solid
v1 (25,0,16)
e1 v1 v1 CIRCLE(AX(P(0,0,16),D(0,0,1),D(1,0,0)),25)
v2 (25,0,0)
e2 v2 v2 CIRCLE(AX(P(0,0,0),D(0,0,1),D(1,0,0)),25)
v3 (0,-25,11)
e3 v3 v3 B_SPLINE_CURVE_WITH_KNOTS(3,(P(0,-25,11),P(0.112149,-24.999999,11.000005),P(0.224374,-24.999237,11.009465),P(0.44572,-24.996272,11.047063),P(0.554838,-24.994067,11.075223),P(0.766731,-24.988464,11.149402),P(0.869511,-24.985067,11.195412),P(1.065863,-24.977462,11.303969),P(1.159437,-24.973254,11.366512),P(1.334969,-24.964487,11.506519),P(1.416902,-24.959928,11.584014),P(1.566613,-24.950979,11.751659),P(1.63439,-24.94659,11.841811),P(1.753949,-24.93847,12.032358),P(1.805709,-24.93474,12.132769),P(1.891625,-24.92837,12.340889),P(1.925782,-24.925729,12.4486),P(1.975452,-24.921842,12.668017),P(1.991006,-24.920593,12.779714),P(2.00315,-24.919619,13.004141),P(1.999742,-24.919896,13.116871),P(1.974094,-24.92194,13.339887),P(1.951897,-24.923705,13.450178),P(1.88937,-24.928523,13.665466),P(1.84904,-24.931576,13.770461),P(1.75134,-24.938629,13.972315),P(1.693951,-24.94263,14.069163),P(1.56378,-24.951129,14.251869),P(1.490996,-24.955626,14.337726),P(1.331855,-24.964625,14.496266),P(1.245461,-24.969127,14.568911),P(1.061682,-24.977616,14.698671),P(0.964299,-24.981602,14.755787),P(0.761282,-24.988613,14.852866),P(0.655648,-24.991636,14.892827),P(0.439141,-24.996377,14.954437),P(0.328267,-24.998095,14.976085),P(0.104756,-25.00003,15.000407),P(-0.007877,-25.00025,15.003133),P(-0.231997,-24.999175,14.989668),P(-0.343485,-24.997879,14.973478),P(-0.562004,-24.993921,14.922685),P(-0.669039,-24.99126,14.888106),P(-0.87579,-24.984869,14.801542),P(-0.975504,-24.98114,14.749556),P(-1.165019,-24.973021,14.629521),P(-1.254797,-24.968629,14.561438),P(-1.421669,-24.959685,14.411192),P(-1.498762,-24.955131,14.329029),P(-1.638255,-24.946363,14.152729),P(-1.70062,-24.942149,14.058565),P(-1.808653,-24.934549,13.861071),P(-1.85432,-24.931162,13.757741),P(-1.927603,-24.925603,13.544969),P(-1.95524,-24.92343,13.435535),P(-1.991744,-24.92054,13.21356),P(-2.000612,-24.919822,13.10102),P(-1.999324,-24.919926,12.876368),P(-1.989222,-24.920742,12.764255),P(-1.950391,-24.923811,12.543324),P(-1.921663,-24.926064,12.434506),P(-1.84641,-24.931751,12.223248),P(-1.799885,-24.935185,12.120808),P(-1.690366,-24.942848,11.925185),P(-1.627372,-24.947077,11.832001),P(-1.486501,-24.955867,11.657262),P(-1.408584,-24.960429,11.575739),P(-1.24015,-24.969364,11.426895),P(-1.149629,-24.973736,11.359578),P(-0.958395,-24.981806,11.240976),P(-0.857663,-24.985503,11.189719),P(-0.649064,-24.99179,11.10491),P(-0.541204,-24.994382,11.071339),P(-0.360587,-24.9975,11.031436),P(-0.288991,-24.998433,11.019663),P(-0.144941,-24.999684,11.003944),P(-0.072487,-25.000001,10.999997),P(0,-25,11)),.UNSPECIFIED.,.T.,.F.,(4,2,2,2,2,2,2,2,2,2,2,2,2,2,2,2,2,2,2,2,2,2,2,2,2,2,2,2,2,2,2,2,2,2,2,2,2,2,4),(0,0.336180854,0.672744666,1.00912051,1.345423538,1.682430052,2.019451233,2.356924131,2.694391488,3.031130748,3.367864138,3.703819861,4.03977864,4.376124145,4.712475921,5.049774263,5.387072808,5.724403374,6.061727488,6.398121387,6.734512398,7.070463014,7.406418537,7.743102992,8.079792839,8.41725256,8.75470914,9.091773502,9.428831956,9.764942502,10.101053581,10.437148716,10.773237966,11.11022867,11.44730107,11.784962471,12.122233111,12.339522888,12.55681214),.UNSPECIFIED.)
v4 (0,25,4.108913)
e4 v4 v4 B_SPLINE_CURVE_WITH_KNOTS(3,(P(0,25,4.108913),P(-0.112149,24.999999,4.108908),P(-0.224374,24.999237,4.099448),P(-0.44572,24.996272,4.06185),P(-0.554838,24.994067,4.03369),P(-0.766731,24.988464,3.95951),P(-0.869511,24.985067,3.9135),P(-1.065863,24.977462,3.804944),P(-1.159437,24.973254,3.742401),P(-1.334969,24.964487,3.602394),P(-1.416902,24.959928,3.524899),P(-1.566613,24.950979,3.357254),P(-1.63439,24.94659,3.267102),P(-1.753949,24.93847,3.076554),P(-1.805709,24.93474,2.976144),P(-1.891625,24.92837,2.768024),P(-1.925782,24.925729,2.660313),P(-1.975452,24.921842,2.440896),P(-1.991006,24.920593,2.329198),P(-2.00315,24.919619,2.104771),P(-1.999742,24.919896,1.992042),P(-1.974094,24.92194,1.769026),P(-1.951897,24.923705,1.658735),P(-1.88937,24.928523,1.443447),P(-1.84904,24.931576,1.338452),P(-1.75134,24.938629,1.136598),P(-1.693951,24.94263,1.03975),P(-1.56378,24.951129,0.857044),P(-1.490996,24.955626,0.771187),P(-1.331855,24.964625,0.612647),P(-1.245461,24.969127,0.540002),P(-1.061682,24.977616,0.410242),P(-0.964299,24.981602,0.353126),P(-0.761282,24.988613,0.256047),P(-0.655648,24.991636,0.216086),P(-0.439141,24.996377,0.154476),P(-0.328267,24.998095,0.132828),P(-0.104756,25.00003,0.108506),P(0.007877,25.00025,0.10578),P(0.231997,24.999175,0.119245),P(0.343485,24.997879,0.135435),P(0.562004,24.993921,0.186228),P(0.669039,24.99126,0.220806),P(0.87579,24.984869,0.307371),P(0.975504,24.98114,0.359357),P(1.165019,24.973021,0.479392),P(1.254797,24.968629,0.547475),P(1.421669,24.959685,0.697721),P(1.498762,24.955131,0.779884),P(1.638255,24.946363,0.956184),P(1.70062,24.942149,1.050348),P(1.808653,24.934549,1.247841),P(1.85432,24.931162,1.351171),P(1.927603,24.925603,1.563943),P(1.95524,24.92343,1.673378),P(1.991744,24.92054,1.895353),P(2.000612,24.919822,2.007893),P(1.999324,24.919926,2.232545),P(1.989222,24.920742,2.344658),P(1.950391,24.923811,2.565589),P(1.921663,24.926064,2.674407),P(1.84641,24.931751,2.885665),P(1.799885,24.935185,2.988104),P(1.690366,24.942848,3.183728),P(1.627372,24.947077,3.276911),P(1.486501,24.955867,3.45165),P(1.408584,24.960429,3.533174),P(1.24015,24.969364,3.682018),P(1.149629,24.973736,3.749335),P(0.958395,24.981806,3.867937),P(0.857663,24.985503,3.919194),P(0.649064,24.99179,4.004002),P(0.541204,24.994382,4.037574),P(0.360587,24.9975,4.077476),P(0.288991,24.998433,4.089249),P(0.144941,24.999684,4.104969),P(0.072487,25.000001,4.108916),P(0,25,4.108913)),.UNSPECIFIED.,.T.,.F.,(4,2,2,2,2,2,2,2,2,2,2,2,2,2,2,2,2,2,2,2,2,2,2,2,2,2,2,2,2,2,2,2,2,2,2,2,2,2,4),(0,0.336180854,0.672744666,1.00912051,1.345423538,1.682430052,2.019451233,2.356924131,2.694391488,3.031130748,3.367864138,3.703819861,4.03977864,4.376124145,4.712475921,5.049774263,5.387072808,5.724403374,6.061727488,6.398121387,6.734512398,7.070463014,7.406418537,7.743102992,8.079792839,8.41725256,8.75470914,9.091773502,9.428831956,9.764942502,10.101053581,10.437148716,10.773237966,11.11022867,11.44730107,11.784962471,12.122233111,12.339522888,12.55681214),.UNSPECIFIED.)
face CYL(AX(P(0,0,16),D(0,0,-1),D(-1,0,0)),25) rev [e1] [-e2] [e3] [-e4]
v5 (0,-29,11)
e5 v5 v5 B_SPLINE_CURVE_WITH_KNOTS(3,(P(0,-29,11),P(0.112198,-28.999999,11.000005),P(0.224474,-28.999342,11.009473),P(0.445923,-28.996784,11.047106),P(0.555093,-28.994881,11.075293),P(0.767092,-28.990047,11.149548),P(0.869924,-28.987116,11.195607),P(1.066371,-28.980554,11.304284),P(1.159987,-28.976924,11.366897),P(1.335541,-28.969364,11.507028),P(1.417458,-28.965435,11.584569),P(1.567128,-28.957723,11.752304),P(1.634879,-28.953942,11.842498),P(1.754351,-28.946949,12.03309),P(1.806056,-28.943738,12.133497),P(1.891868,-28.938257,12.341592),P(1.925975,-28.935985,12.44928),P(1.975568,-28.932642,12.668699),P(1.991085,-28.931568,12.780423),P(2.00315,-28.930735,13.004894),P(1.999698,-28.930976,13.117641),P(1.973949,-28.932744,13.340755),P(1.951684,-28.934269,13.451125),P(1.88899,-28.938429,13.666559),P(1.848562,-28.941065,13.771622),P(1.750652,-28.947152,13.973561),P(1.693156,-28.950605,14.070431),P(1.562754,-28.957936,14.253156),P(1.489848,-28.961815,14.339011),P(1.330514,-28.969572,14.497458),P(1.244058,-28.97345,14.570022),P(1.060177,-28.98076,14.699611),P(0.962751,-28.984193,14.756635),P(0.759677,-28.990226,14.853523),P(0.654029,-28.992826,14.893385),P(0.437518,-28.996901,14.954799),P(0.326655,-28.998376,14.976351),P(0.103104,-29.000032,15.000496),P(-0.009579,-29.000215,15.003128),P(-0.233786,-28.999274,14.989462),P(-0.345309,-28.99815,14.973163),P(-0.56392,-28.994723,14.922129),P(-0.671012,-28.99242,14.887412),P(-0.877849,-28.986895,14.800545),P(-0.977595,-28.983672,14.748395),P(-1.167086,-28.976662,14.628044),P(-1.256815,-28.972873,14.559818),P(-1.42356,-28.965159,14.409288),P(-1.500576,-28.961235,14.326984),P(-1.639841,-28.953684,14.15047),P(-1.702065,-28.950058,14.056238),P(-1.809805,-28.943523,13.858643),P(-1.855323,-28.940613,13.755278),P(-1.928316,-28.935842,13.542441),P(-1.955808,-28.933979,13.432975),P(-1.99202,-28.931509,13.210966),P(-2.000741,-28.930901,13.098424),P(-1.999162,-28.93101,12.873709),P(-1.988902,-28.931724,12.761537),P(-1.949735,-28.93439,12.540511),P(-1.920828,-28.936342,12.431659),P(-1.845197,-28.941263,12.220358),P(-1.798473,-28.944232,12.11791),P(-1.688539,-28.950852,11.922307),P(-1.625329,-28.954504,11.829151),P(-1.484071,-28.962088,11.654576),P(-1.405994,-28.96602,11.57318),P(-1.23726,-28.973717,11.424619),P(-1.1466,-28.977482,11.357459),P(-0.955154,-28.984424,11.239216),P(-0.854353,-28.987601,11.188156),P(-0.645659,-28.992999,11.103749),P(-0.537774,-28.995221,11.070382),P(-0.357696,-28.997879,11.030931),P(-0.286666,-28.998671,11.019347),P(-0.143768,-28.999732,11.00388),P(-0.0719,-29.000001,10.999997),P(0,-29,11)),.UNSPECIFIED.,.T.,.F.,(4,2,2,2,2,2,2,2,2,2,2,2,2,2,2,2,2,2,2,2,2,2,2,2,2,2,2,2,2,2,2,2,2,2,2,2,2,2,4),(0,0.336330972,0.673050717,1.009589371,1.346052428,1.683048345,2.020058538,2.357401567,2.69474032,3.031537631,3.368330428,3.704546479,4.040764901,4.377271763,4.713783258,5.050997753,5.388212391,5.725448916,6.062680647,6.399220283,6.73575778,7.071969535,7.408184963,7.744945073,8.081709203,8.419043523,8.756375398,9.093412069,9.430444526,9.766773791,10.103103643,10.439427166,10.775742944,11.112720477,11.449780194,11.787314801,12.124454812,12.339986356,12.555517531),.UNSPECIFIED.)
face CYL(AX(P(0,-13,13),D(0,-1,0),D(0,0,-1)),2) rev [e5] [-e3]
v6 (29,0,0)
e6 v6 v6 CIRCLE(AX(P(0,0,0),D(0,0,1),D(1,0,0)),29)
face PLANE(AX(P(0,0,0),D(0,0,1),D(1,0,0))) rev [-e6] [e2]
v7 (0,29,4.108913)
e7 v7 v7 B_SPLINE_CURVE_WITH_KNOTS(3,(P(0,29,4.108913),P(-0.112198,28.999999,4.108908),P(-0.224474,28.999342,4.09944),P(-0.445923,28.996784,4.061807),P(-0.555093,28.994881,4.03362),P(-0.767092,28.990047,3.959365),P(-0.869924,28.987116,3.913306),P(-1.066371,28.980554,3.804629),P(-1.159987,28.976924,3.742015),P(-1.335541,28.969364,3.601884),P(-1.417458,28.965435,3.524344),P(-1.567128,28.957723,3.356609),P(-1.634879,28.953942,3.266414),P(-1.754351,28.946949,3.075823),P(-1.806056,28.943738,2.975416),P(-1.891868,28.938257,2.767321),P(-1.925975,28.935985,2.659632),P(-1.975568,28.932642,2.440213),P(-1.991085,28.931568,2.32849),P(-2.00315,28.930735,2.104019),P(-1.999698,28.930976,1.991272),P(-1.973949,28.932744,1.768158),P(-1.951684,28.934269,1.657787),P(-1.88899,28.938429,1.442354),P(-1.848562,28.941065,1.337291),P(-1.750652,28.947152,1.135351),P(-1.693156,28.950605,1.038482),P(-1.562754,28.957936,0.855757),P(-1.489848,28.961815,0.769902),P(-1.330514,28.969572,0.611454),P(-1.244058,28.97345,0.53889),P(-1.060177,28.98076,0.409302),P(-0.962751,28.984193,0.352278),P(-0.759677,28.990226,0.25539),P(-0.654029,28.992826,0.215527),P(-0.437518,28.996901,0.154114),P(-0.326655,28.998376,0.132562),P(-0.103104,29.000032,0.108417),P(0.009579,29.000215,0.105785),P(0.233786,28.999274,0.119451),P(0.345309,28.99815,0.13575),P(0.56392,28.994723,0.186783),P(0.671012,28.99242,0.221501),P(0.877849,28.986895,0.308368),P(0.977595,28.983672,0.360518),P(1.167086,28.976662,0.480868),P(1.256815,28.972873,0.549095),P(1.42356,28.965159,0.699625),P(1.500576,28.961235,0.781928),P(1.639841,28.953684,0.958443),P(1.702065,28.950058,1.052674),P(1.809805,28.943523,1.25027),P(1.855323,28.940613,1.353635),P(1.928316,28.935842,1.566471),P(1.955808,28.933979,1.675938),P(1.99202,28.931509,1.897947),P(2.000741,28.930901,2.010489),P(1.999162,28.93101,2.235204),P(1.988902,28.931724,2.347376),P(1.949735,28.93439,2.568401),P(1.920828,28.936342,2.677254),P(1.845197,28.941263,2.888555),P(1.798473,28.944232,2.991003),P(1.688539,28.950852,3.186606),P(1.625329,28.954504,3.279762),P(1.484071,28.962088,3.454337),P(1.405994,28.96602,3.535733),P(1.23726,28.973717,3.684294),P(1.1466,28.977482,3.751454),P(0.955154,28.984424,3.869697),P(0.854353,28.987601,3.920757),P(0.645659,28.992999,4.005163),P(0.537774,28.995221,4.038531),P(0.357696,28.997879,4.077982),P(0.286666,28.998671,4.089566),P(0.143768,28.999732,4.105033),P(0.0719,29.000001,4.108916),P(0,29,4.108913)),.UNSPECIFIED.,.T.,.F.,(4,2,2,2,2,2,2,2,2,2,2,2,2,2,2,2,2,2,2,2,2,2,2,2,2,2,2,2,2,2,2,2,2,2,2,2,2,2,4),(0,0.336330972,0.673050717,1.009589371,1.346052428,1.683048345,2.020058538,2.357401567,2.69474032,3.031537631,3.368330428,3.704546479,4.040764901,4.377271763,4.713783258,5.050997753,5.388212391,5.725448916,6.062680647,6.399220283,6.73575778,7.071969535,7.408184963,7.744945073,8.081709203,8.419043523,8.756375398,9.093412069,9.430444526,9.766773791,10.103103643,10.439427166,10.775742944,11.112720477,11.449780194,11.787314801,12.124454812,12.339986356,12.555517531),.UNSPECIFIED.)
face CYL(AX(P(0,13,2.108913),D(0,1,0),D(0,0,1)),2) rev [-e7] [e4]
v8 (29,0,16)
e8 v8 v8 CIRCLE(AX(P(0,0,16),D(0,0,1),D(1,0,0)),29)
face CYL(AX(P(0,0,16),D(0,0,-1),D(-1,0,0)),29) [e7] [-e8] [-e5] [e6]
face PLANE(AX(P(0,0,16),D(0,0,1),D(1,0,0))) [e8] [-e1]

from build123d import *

# Parameters (mm, degrees)
SKETCH1_R           = 29
SKETCH1_R_2         = 25
BOSS_EXTRUDE1_DEPTH = 16
SKETCH3_R           = 2
CUT_EXTRUDE1_DEPTH  = 16
SKETCH4_R           = 2
CUT_EXTRUDE2_DEPTH  = 16


with BuildPart() as part:
    # Sketch1 → Boss-Extrude1 (new body)
    with BuildSketch(Plane.XY):
        Circle(SKETCH1_R)
        Circle(SKETCH1_R_2, mode=Mode.SUBTRACT)
    extrude(amount=BOSS_EXTRUDE1_DEPTH)

    # Sketch3 → Cut-Extrude1 (cut)
    with BuildSketch(Plane(origin=(0, 29, 0), x_dir=(1, 0, 0), z_dir=(0, 1, 0))):
        with Locations(Location((0, -2.108912796, 0), (0, 0, 270))):
            Circle(SKETCH3_R)
    extrude(amount=-CUT_EXTRUDE1_DEPTH, mode=Mode.SUBTRACT)

    # Sketch4 → Cut-Extrude2 (cut)
    with BuildSketch(Plane(origin=(0, -29, 0), x_dir=(1, 0, 0), z_dir=(0, 1, 0))):
        with Locations(Location((0, -13, 0), (0, 0, 90))):
            Circle(SKETCH4_R)
    extrude(amount=CUT_EXTRUDE2_DEPTH, mode=Mode.SUBTRACT)


solid = part.part
